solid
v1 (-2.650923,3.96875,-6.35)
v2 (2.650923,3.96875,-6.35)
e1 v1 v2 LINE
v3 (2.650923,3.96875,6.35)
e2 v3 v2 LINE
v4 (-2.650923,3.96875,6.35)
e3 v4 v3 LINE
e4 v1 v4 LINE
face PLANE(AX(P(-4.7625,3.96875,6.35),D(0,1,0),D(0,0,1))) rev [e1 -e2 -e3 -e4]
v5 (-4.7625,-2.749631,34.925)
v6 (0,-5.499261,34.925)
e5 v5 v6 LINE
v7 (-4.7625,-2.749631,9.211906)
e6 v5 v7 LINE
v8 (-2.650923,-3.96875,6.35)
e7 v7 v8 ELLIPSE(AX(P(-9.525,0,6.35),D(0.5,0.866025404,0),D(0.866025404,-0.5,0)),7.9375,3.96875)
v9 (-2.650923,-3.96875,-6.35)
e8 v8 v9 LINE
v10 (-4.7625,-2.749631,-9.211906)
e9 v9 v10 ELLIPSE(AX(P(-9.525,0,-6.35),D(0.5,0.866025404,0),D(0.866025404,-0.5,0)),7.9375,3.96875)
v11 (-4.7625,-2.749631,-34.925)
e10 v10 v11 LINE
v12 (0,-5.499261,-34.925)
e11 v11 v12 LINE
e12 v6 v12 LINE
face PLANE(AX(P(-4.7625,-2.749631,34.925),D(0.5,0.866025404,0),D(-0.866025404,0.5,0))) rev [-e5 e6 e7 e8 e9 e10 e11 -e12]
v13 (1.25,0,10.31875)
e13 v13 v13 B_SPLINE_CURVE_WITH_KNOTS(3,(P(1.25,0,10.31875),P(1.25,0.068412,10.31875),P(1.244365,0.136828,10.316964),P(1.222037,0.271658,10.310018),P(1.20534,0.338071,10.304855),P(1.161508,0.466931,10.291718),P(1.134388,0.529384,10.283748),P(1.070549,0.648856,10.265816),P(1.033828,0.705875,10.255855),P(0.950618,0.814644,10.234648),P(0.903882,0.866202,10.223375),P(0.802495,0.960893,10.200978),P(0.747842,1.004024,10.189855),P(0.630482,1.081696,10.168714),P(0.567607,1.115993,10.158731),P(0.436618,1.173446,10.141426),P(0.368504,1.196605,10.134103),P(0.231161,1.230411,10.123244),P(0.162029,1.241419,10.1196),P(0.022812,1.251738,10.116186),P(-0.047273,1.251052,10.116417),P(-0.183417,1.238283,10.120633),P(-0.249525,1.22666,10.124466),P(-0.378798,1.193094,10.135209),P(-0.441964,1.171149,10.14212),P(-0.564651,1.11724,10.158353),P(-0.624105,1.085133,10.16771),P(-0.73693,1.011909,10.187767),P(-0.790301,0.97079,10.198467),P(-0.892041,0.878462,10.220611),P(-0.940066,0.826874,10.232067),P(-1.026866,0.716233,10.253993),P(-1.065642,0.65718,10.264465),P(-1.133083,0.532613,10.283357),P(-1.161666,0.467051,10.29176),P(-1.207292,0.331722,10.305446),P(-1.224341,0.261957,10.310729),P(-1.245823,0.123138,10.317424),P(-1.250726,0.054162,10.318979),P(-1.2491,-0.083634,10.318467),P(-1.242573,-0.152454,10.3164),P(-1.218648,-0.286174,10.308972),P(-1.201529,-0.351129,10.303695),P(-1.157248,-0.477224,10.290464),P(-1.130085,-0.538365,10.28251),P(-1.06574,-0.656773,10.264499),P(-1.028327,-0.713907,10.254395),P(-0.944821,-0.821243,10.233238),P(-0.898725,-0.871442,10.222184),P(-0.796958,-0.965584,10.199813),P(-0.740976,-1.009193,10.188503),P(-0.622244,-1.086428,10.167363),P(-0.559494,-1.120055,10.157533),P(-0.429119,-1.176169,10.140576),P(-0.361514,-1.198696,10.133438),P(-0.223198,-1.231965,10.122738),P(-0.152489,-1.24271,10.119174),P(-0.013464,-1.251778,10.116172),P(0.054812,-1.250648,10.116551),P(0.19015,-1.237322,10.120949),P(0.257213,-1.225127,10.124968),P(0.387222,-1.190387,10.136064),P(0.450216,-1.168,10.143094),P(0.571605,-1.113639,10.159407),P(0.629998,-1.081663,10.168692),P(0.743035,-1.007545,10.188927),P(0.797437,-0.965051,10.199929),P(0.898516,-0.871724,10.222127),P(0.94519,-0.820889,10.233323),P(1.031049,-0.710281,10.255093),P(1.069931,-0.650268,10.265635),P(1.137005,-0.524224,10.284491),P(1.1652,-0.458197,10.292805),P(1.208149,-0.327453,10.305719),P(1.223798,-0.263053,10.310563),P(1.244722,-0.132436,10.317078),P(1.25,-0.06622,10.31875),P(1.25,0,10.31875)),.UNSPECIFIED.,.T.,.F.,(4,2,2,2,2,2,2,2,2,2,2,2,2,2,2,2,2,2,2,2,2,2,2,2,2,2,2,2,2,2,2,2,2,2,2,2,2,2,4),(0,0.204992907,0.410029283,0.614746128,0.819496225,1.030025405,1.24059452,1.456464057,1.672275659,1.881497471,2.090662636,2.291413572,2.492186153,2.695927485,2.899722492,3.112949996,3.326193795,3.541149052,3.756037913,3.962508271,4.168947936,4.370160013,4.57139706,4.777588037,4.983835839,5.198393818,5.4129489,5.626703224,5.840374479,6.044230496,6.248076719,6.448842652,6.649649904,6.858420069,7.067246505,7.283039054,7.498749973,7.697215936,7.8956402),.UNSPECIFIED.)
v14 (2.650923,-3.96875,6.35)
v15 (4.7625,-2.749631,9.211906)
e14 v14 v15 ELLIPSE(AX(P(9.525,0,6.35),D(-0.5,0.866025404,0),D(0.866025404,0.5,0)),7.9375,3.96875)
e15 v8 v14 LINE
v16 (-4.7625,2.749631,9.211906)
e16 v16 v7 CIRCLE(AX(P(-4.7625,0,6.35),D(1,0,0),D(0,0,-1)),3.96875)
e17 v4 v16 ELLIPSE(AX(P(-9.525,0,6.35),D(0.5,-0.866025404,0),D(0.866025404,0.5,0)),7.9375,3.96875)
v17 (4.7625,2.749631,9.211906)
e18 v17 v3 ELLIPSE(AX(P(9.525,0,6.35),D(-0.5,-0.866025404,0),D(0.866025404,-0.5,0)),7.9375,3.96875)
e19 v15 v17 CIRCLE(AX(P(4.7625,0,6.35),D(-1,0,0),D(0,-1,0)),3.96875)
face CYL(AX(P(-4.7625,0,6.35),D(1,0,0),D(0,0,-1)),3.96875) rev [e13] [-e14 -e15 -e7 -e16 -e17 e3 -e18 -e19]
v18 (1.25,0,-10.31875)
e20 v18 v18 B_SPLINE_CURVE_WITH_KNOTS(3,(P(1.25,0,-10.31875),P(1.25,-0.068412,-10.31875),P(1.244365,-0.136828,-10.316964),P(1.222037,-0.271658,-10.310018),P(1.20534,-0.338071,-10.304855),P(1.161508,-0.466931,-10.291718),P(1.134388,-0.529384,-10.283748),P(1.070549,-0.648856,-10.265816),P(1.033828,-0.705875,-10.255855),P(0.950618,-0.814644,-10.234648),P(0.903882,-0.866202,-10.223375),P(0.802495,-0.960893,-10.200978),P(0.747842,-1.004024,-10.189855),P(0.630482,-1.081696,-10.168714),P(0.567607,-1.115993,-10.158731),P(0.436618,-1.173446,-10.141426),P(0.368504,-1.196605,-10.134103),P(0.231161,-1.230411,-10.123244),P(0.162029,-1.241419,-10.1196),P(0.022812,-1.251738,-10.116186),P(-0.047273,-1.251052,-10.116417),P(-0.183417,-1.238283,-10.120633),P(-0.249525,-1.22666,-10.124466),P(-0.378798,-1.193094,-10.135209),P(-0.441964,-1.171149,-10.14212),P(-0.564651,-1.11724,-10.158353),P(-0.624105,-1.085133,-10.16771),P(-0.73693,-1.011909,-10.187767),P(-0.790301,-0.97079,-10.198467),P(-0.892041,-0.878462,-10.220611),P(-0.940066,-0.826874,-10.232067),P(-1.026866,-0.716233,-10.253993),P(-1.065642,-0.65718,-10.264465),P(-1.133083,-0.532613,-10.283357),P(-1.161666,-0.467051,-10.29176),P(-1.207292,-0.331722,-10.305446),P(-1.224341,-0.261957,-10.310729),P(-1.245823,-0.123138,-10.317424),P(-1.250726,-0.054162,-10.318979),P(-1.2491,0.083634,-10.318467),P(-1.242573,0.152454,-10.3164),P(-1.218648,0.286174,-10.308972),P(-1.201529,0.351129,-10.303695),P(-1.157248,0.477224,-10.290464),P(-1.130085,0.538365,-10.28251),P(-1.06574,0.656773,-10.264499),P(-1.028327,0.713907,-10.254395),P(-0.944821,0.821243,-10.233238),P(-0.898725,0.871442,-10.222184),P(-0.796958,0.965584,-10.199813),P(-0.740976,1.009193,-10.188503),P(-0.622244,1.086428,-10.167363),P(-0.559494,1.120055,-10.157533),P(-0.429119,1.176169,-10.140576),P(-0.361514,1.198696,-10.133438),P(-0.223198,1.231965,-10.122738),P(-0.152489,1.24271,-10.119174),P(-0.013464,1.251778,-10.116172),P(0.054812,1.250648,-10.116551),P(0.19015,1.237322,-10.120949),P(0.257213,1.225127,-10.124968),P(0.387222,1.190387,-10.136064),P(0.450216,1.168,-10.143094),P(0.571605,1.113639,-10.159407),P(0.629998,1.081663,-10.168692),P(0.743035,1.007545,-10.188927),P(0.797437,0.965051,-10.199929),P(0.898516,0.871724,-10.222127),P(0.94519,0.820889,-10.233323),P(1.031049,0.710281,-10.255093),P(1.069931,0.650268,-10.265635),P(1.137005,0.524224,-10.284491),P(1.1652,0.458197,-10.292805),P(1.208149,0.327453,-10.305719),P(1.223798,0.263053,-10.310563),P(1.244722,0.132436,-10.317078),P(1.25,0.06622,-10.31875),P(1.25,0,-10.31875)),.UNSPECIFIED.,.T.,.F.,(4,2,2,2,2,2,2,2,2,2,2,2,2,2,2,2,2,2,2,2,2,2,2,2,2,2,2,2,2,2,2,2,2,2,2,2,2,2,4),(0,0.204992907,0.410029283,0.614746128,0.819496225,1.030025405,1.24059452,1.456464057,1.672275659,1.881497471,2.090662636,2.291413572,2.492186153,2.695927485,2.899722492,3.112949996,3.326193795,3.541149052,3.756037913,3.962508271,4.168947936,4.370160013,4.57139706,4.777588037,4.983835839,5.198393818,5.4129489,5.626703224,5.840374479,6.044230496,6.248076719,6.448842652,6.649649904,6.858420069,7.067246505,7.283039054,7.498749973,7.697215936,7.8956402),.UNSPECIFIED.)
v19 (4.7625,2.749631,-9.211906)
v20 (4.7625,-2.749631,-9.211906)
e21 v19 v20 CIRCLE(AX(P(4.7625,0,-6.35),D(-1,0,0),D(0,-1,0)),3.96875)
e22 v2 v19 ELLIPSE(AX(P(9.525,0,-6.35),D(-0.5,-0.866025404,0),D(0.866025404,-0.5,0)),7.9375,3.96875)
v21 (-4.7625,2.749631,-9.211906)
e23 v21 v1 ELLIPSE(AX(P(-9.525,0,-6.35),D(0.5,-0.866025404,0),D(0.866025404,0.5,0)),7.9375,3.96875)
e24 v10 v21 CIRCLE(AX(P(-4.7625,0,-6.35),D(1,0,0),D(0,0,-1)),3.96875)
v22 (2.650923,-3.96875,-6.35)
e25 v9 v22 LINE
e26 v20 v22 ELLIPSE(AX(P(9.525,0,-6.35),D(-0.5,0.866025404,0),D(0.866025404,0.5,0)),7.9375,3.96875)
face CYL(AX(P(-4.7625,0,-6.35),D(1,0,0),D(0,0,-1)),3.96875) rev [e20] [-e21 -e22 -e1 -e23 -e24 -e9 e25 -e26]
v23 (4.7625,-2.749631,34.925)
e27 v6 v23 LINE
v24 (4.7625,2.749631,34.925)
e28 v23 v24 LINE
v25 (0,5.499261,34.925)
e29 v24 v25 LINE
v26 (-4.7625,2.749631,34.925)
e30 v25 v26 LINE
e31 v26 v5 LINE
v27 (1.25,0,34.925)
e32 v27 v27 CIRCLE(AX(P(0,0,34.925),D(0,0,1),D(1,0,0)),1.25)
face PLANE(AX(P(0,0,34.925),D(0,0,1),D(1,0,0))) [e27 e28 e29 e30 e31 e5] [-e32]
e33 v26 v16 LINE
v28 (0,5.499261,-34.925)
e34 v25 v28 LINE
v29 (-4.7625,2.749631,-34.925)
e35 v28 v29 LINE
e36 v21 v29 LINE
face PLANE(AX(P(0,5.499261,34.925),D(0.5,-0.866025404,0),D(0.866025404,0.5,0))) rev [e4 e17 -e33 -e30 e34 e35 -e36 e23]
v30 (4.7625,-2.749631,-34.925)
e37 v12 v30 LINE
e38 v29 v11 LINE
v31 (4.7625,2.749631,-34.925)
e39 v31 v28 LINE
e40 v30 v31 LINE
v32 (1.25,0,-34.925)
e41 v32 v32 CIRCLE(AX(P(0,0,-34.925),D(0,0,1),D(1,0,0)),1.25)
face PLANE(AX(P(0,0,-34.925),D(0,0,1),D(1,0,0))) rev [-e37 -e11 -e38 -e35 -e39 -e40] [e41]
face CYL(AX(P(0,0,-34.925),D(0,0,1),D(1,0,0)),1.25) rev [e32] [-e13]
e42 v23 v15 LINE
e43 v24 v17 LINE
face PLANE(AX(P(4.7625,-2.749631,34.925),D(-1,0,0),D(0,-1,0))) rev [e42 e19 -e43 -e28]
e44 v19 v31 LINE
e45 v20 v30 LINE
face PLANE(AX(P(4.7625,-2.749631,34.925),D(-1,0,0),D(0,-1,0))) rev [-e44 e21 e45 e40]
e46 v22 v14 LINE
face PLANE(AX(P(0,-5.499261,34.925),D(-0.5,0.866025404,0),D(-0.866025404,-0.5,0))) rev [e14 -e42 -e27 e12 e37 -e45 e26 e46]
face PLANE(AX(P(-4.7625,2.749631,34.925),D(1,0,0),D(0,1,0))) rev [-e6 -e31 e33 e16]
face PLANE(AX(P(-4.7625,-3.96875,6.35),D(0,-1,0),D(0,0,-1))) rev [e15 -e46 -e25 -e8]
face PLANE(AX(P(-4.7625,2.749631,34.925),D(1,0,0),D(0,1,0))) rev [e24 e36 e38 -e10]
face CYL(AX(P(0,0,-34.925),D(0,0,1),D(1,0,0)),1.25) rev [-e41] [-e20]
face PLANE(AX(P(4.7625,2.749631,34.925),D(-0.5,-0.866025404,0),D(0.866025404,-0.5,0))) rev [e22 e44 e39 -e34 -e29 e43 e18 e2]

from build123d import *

# Parameters (mm, degrees)
BOSS_EXTRUDE1_DEPTH     = 34.925
CUT_EXTRUDE4_DEPTH      = 36.674625524
CUT_EXTRUDE4_DEPTH_BACK = 36.674625524
CUT_EXTRUDE5_DEPTH      = 36.674625524
CUT_EXTRUDE5_DEPTH_BACK = 36.674625524
SKETCH6_R               = 1.25


with BuildPart() as part:
    # Sketch1 → Boss-Extrude1 (new, symmetric)
    with BuildSketch(Plane.XY):
        Polygon((0, 5.499261314), (-4.7625, 2.749630657), (-4.7625, -2.749630657), (0, -5.499261314), (4.7625, -2.749630657), (4.7625, 2.749630657), align=None)
    extrude(amount=BOSS_EXTRUDE1_DEPTH, both=True)

    # Sketch5 → Cut-Extrude4 (cut, two sides: drawn at the far end of the back side and taken through both)
    with BuildSketch(Plane(origin=(0, 0, 0), x_dir=(0, 0, -1), z_dir=(1, 0, 0)).offset(-CUT_EXTRUDE4_DEPTH_BACK)):
        with BuildLine():
            Line((-6.35, 3.96875), (6.35, 3.96875))
            ThreePointArc((6.35, 3.96875), (10.31875, 0), (6.35, -3.96875))
            Line((6.35, -3.96875), (-6.35, -3.96875))
            ThreePointArc((-6.35, -3.96875), (-10.31875, 0), (-6.35, 3.96875))
        make_face()
    extrude(amount=CUT_EXTRUDE4_DEPTH + CUT_EXTRUDE4_DEPTH_BACK, mode=Mode.SUBTRACT)

    # Sketch6 → Cut-Extrude5 (cut, two sides: drawn at the far end of the back side and taken through both)
    with BuildSketch(Plane.XY.offset(-CUT_EXTRUDE5_DEPTH_BACK)):
        Circle(SKETCH6_R)
    extrude(amount=CUT_EXTRUDE5_DEPTH + CUT_EXTRUDE5_DEPTH_BACK, mode=Mode.SUBTRACT)


solid = part.part
